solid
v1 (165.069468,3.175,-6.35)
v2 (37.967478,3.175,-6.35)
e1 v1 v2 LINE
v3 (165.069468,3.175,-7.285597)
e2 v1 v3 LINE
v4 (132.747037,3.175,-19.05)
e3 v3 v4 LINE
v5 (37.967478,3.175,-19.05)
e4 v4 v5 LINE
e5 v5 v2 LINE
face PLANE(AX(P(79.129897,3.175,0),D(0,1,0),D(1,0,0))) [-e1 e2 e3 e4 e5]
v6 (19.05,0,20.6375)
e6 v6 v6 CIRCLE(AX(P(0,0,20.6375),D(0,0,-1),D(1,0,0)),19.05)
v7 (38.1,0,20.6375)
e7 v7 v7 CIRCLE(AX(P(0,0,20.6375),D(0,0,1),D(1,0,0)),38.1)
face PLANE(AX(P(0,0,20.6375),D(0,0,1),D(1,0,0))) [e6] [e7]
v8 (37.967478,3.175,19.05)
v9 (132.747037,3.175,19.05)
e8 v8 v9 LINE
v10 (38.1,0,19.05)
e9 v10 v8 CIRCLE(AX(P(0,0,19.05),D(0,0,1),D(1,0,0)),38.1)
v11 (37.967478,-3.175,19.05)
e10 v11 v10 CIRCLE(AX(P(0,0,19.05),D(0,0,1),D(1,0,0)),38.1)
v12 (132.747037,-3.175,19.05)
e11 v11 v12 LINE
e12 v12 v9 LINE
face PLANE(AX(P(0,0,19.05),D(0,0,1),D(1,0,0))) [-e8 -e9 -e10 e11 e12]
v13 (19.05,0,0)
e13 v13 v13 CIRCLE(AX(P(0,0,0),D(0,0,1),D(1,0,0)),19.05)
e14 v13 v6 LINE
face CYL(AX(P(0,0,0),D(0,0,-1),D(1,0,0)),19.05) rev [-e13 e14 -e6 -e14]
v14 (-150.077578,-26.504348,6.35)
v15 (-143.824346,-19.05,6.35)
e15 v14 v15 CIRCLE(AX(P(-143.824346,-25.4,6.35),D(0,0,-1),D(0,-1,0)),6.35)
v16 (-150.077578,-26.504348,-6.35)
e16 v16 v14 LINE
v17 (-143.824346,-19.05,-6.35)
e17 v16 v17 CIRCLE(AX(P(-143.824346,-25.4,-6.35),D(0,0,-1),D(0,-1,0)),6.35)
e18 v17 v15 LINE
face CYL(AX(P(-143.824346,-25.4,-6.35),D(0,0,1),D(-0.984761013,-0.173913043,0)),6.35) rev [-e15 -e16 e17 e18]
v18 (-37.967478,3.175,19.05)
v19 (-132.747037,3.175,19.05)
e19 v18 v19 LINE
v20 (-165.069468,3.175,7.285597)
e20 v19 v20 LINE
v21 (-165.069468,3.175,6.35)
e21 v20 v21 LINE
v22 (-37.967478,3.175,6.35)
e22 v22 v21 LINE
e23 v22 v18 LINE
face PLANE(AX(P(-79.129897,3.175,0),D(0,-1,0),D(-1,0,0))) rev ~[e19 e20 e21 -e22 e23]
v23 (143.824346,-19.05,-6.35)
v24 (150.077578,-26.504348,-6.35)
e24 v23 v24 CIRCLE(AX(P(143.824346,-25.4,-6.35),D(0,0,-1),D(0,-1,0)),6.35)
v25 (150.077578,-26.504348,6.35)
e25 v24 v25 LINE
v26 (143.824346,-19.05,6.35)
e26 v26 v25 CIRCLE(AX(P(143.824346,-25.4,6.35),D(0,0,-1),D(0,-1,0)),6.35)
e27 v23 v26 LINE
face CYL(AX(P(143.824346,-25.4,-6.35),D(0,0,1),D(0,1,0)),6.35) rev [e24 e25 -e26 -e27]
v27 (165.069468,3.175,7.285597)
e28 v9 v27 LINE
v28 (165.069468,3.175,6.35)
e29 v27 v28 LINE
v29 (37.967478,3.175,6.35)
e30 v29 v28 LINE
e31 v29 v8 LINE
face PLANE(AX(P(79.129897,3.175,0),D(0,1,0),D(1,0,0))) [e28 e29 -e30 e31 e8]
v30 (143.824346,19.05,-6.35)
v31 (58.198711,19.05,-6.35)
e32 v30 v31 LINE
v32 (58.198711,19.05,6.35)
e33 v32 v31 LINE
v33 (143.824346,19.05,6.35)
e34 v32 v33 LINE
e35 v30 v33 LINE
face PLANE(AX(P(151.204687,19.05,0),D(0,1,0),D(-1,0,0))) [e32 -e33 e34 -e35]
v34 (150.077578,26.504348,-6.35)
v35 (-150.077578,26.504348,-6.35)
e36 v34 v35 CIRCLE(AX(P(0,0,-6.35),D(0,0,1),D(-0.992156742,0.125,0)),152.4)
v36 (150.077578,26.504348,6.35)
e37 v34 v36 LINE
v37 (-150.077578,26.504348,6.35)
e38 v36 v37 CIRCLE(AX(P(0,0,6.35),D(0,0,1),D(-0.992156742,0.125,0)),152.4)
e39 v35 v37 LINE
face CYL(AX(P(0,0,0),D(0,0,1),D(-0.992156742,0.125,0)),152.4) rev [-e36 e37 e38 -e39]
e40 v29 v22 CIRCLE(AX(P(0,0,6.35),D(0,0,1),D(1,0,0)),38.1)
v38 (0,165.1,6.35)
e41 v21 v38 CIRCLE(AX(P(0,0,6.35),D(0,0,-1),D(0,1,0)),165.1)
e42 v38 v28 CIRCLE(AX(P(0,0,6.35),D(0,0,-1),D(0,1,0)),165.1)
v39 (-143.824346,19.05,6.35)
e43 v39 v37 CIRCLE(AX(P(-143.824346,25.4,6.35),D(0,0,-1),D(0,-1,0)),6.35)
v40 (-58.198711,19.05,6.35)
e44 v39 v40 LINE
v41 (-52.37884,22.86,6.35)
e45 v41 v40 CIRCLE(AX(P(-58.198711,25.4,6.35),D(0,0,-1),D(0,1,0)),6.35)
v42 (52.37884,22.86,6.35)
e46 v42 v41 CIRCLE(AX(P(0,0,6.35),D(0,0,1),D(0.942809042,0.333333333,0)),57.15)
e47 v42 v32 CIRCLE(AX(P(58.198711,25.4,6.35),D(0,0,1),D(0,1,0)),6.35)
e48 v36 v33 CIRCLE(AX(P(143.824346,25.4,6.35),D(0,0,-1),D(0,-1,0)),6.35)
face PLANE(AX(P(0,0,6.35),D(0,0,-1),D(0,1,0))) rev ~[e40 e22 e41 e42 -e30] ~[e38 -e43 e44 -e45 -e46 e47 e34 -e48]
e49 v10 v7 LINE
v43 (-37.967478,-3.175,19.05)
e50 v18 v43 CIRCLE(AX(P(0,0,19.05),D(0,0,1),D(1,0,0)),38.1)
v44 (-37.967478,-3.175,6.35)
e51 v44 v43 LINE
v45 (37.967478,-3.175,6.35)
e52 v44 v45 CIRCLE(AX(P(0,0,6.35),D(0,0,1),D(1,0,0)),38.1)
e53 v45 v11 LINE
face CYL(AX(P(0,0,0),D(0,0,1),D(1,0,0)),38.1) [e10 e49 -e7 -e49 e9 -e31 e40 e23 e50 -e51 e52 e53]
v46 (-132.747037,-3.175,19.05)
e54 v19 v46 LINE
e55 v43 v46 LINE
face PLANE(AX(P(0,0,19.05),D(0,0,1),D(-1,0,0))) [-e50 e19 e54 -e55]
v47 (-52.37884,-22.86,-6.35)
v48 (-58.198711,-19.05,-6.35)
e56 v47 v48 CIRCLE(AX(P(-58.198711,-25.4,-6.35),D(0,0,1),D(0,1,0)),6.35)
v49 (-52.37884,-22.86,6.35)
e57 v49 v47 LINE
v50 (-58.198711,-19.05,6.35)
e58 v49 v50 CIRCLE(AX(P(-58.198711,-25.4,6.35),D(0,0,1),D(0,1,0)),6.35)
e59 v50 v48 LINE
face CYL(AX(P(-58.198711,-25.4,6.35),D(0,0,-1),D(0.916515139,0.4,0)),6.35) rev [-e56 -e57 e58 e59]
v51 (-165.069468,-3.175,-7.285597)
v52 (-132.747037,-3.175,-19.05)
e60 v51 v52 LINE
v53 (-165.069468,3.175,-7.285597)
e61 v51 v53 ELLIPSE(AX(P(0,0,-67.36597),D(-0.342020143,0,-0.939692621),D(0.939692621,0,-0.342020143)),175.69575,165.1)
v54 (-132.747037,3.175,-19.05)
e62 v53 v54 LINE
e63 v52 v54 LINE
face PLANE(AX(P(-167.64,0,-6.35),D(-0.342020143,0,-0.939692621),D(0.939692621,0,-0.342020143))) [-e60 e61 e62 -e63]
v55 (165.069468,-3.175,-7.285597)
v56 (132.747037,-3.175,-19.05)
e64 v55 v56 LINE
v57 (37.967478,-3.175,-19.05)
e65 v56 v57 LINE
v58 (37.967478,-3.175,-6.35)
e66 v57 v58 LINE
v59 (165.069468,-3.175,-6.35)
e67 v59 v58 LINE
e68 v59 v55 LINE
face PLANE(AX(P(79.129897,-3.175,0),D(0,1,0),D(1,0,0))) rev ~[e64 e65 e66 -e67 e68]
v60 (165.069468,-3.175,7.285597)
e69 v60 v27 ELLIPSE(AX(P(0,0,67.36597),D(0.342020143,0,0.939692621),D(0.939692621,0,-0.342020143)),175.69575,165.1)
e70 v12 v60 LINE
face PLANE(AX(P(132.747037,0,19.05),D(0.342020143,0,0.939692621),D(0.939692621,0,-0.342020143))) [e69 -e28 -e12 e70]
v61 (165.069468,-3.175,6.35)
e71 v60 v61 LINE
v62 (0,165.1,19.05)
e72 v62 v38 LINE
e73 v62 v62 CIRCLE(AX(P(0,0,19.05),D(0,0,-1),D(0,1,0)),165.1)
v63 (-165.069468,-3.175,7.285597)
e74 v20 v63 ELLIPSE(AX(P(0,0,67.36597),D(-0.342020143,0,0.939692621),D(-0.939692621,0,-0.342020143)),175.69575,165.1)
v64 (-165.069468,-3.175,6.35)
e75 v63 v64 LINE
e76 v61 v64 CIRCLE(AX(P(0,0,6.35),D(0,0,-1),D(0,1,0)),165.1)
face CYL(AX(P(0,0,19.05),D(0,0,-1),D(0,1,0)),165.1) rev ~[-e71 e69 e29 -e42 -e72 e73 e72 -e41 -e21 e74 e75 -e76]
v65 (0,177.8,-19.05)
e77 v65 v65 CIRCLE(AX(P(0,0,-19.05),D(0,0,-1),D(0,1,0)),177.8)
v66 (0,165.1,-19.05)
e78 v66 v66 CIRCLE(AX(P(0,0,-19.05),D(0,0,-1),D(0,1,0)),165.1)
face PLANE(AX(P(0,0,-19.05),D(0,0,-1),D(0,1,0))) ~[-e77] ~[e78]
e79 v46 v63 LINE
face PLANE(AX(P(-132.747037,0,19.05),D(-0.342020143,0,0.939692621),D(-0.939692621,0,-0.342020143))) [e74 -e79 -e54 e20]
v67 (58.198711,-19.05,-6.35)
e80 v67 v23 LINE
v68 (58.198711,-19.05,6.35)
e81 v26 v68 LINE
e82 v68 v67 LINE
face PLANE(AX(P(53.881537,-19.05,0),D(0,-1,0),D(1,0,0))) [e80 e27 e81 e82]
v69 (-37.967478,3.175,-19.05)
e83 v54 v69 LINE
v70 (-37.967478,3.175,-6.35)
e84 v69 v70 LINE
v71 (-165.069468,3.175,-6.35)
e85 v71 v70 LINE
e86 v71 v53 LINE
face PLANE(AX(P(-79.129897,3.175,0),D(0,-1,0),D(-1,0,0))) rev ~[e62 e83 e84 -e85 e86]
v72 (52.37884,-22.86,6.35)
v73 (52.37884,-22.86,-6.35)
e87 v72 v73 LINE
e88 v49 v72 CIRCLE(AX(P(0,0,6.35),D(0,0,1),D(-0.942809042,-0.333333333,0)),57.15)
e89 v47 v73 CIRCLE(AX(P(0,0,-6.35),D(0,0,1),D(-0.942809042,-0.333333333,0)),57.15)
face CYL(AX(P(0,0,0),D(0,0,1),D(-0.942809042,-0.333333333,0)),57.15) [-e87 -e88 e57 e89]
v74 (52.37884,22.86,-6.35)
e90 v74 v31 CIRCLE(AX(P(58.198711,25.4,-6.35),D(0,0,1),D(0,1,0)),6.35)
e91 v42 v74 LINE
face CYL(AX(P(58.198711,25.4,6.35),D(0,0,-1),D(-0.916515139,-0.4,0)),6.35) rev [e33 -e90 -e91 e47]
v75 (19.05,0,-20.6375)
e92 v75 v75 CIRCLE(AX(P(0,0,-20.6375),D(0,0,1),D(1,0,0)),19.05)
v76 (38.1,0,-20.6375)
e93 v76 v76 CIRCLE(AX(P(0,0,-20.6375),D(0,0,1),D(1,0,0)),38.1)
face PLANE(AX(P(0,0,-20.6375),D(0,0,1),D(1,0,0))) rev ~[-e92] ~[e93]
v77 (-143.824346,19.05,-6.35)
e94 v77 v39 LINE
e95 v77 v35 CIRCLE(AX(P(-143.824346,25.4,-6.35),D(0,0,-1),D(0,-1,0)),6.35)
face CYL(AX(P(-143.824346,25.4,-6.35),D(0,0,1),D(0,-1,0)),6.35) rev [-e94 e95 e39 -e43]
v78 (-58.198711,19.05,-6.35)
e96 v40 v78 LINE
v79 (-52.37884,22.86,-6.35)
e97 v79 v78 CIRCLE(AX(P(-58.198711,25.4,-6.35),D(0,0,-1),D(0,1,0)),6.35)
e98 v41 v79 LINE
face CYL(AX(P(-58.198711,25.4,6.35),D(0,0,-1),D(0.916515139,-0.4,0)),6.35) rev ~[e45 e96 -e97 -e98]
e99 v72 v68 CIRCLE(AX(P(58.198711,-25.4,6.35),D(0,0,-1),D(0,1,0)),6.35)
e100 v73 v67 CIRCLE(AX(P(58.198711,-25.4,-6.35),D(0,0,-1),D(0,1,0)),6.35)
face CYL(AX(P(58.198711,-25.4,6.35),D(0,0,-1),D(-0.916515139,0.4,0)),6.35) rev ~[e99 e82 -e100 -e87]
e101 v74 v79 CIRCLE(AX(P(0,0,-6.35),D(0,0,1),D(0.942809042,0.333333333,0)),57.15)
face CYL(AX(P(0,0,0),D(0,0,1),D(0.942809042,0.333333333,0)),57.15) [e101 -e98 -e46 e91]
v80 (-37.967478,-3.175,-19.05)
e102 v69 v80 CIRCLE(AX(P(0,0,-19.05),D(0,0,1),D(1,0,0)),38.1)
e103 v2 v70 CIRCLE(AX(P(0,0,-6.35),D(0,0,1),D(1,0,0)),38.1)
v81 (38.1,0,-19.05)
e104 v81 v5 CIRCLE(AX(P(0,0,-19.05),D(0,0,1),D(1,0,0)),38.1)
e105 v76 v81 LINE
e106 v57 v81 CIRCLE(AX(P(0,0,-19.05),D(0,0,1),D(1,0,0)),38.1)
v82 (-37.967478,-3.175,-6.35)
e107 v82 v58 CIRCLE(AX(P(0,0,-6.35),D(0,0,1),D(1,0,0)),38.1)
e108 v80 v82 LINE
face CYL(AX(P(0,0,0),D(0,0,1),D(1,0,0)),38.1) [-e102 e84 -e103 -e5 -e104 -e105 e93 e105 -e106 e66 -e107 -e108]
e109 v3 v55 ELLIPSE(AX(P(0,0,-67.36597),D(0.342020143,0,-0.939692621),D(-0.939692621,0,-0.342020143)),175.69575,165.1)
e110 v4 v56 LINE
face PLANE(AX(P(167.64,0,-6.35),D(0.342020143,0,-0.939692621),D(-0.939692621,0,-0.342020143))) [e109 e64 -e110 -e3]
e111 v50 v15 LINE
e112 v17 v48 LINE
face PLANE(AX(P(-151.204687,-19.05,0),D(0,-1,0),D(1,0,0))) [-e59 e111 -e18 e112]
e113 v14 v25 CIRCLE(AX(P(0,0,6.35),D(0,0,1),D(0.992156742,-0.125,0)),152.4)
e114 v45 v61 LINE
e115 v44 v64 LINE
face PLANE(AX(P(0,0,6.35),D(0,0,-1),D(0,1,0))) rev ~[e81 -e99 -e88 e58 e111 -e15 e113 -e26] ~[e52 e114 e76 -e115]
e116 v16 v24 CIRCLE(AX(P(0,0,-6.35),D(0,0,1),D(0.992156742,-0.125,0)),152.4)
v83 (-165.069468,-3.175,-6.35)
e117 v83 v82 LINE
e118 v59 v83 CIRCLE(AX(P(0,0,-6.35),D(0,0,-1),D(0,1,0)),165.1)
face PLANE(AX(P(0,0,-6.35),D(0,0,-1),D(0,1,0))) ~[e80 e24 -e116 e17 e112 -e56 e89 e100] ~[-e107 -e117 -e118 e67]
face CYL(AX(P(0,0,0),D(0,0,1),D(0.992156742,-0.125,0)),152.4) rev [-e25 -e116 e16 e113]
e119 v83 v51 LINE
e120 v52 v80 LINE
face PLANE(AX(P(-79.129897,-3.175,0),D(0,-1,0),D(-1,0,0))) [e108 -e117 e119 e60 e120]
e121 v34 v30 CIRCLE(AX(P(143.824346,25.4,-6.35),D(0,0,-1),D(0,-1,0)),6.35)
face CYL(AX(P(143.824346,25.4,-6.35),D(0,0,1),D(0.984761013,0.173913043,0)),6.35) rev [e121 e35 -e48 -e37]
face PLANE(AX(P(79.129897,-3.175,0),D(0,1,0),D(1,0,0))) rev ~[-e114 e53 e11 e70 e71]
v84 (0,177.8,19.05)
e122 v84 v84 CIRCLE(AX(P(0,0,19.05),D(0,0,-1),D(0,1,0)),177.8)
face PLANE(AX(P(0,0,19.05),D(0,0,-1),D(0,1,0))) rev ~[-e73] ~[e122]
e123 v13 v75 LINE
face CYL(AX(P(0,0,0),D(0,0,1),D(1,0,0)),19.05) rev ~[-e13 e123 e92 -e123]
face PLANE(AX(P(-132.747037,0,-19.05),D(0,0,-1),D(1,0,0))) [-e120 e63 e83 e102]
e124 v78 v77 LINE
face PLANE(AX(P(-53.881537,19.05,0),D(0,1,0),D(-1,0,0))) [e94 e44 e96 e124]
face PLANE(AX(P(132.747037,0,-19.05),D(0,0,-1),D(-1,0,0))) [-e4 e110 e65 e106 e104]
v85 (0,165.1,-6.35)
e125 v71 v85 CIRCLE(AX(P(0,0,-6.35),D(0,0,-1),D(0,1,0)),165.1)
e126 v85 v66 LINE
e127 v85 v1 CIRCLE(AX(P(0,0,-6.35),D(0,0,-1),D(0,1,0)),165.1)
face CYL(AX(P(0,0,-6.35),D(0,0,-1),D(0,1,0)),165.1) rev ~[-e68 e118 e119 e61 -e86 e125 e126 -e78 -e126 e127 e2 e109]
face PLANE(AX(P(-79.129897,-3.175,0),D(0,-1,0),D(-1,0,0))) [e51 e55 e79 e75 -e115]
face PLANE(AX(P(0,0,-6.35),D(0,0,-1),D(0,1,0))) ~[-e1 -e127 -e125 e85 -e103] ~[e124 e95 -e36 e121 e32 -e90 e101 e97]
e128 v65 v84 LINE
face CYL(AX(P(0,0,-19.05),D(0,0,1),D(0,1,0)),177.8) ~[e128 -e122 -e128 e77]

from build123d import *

# Parameters (mm, degrees)
SKETCH1_R                = 38.1
CENTERHUB_DEPTH          = 20.6375
RIB_DEPTH                = 3.175
LIGHTENING_HOLE_DEPTH    = 21.6375
FILLET1_R                = 6.35
CIRPATTERN1_COUNT        = 2
FILLET1_OF_CIRPATTERN1_R = 6.35
SKETCH5_R                = 19.05
THRU_HOLE_DEPTH          = 21.6375
THRU_HOLE_DEPTH_BACK     = 21.6375


with BuildPart() as part:
    # Sketch1 → CenterHub (new body, symmetric)
    with BuildSketch(Plane.XY):
        Circle(SKETCH1_R)
    extrude(amount=CENTERHUB_DEPTH, both=True)

    # Sketch2 → Rim and Web (revolve)
    with BuildSketch(Plane(origin=(0, 0, 0), x_dir=(0, 0, -1), z_dir=(1, 0, 0))):
        Polygon((-6.35, 0), (6.35, 0), (6.35, 165.1), (19.05, 165.1), (19.05, 177.8), (-19.05, 177.8), (-19.05, 165.1), (-6.35, 165.1), align=None)
    revolve(axis=Axis((0, 0, 0), (0, 0, -1)))

    # Sketch3 → Rib (add, symmetric)
    with BuildSketch(Plane(origin=(0, 0, 0), x_dir=(1, 0, 0), z_dir=(0, 1, 0))):
        Polygon((0, -19.05), (132.747036773, -19.05), (167.64, -6.35), (167.64, 6.35), (132.747036773, 19.05), (0, 19.05), align=None)
    rib = extrude(amount=RIB_DEPTH, both=True)

    # Sketch4 → Lightening hole (cut, symmetric)
    with BuildSketch(Plane.XY):
        with BuildLine():
            Line((-151.204687427, -19.05), (-53.881536726, -19.05))
            ThreePointArc((-53.881536726, -19.05), (0, -57.15), (53.881536726, -19.05))
            Line((53.881536726, -19.05), (151.204687427, -19.05))
            ThreePointArc((151.204687427, -19.05), (0, -152.4), (-151.204687427, -19.05))
        make_face()
    lightening_hole = extrude(amount=LIGHTENING_HOLE_DEPTH, both=True, mode=Mode.SUBTRACT)

    # Fillet1
    fillet1_edges = [part.edges().sort_by_distance(p)[0] for p in [
        (151.204687427, -19.05, 0),
        (-151.204687427, -19.05, 0),
        (-53.881536726, -19.05, 0),
        (53.881536726, -19.05, 0),
    ]]
    fillet(fillet1_edges, radius=FILLET1_R)

    # CirPattern1: Rib, Lightening hole ×2 about axis
    cirpattern1_axis = Axis((0, 0, 0), (0, 0, 1))
    for i in range(1, CIRPATTERN1_COUNT):
        add(rib.rotate(cirpattern1_axis, i * 360 / CIRPATTERN1_COUNT))
        add(lightening_hole.rotate(cirpattern1_axis, i * 360 / CIRPATTERN1_COUNT), mode=Mode.SUBTRACT)

    # Fillet1 of CirPattern1
    fillet1_of_cirpattern1_edges = [part.edges().sort_by_distance(p)[0] for p in [
        (-151.204687427, 19.05, 0),
        (151.204687427, 19.05, 0),
        (53.881536726, 19.05, 0),
        (-53.881536726, 19.05, 0),
    ]]
    fillet(fillet1_of_cirpattern1_edges, radius=FILLET1_OF_CIRPATTERN1_R)

    # Sketch5 → Thru hole (cut, two sides)
    with BuildSketch(Plane.XY) as thru_hole_sk:
        Circle(SKETCH5_R)
    extrude(amount=THRU_HOLE_DEPTH, mode=Mode.SUBTRACT)
    extrude(thru_hole_sk.sketch, amount=-THRU_HOLE_DEPTH_BACK, mode=Mode.SUBTRACT)


solid = part.part
